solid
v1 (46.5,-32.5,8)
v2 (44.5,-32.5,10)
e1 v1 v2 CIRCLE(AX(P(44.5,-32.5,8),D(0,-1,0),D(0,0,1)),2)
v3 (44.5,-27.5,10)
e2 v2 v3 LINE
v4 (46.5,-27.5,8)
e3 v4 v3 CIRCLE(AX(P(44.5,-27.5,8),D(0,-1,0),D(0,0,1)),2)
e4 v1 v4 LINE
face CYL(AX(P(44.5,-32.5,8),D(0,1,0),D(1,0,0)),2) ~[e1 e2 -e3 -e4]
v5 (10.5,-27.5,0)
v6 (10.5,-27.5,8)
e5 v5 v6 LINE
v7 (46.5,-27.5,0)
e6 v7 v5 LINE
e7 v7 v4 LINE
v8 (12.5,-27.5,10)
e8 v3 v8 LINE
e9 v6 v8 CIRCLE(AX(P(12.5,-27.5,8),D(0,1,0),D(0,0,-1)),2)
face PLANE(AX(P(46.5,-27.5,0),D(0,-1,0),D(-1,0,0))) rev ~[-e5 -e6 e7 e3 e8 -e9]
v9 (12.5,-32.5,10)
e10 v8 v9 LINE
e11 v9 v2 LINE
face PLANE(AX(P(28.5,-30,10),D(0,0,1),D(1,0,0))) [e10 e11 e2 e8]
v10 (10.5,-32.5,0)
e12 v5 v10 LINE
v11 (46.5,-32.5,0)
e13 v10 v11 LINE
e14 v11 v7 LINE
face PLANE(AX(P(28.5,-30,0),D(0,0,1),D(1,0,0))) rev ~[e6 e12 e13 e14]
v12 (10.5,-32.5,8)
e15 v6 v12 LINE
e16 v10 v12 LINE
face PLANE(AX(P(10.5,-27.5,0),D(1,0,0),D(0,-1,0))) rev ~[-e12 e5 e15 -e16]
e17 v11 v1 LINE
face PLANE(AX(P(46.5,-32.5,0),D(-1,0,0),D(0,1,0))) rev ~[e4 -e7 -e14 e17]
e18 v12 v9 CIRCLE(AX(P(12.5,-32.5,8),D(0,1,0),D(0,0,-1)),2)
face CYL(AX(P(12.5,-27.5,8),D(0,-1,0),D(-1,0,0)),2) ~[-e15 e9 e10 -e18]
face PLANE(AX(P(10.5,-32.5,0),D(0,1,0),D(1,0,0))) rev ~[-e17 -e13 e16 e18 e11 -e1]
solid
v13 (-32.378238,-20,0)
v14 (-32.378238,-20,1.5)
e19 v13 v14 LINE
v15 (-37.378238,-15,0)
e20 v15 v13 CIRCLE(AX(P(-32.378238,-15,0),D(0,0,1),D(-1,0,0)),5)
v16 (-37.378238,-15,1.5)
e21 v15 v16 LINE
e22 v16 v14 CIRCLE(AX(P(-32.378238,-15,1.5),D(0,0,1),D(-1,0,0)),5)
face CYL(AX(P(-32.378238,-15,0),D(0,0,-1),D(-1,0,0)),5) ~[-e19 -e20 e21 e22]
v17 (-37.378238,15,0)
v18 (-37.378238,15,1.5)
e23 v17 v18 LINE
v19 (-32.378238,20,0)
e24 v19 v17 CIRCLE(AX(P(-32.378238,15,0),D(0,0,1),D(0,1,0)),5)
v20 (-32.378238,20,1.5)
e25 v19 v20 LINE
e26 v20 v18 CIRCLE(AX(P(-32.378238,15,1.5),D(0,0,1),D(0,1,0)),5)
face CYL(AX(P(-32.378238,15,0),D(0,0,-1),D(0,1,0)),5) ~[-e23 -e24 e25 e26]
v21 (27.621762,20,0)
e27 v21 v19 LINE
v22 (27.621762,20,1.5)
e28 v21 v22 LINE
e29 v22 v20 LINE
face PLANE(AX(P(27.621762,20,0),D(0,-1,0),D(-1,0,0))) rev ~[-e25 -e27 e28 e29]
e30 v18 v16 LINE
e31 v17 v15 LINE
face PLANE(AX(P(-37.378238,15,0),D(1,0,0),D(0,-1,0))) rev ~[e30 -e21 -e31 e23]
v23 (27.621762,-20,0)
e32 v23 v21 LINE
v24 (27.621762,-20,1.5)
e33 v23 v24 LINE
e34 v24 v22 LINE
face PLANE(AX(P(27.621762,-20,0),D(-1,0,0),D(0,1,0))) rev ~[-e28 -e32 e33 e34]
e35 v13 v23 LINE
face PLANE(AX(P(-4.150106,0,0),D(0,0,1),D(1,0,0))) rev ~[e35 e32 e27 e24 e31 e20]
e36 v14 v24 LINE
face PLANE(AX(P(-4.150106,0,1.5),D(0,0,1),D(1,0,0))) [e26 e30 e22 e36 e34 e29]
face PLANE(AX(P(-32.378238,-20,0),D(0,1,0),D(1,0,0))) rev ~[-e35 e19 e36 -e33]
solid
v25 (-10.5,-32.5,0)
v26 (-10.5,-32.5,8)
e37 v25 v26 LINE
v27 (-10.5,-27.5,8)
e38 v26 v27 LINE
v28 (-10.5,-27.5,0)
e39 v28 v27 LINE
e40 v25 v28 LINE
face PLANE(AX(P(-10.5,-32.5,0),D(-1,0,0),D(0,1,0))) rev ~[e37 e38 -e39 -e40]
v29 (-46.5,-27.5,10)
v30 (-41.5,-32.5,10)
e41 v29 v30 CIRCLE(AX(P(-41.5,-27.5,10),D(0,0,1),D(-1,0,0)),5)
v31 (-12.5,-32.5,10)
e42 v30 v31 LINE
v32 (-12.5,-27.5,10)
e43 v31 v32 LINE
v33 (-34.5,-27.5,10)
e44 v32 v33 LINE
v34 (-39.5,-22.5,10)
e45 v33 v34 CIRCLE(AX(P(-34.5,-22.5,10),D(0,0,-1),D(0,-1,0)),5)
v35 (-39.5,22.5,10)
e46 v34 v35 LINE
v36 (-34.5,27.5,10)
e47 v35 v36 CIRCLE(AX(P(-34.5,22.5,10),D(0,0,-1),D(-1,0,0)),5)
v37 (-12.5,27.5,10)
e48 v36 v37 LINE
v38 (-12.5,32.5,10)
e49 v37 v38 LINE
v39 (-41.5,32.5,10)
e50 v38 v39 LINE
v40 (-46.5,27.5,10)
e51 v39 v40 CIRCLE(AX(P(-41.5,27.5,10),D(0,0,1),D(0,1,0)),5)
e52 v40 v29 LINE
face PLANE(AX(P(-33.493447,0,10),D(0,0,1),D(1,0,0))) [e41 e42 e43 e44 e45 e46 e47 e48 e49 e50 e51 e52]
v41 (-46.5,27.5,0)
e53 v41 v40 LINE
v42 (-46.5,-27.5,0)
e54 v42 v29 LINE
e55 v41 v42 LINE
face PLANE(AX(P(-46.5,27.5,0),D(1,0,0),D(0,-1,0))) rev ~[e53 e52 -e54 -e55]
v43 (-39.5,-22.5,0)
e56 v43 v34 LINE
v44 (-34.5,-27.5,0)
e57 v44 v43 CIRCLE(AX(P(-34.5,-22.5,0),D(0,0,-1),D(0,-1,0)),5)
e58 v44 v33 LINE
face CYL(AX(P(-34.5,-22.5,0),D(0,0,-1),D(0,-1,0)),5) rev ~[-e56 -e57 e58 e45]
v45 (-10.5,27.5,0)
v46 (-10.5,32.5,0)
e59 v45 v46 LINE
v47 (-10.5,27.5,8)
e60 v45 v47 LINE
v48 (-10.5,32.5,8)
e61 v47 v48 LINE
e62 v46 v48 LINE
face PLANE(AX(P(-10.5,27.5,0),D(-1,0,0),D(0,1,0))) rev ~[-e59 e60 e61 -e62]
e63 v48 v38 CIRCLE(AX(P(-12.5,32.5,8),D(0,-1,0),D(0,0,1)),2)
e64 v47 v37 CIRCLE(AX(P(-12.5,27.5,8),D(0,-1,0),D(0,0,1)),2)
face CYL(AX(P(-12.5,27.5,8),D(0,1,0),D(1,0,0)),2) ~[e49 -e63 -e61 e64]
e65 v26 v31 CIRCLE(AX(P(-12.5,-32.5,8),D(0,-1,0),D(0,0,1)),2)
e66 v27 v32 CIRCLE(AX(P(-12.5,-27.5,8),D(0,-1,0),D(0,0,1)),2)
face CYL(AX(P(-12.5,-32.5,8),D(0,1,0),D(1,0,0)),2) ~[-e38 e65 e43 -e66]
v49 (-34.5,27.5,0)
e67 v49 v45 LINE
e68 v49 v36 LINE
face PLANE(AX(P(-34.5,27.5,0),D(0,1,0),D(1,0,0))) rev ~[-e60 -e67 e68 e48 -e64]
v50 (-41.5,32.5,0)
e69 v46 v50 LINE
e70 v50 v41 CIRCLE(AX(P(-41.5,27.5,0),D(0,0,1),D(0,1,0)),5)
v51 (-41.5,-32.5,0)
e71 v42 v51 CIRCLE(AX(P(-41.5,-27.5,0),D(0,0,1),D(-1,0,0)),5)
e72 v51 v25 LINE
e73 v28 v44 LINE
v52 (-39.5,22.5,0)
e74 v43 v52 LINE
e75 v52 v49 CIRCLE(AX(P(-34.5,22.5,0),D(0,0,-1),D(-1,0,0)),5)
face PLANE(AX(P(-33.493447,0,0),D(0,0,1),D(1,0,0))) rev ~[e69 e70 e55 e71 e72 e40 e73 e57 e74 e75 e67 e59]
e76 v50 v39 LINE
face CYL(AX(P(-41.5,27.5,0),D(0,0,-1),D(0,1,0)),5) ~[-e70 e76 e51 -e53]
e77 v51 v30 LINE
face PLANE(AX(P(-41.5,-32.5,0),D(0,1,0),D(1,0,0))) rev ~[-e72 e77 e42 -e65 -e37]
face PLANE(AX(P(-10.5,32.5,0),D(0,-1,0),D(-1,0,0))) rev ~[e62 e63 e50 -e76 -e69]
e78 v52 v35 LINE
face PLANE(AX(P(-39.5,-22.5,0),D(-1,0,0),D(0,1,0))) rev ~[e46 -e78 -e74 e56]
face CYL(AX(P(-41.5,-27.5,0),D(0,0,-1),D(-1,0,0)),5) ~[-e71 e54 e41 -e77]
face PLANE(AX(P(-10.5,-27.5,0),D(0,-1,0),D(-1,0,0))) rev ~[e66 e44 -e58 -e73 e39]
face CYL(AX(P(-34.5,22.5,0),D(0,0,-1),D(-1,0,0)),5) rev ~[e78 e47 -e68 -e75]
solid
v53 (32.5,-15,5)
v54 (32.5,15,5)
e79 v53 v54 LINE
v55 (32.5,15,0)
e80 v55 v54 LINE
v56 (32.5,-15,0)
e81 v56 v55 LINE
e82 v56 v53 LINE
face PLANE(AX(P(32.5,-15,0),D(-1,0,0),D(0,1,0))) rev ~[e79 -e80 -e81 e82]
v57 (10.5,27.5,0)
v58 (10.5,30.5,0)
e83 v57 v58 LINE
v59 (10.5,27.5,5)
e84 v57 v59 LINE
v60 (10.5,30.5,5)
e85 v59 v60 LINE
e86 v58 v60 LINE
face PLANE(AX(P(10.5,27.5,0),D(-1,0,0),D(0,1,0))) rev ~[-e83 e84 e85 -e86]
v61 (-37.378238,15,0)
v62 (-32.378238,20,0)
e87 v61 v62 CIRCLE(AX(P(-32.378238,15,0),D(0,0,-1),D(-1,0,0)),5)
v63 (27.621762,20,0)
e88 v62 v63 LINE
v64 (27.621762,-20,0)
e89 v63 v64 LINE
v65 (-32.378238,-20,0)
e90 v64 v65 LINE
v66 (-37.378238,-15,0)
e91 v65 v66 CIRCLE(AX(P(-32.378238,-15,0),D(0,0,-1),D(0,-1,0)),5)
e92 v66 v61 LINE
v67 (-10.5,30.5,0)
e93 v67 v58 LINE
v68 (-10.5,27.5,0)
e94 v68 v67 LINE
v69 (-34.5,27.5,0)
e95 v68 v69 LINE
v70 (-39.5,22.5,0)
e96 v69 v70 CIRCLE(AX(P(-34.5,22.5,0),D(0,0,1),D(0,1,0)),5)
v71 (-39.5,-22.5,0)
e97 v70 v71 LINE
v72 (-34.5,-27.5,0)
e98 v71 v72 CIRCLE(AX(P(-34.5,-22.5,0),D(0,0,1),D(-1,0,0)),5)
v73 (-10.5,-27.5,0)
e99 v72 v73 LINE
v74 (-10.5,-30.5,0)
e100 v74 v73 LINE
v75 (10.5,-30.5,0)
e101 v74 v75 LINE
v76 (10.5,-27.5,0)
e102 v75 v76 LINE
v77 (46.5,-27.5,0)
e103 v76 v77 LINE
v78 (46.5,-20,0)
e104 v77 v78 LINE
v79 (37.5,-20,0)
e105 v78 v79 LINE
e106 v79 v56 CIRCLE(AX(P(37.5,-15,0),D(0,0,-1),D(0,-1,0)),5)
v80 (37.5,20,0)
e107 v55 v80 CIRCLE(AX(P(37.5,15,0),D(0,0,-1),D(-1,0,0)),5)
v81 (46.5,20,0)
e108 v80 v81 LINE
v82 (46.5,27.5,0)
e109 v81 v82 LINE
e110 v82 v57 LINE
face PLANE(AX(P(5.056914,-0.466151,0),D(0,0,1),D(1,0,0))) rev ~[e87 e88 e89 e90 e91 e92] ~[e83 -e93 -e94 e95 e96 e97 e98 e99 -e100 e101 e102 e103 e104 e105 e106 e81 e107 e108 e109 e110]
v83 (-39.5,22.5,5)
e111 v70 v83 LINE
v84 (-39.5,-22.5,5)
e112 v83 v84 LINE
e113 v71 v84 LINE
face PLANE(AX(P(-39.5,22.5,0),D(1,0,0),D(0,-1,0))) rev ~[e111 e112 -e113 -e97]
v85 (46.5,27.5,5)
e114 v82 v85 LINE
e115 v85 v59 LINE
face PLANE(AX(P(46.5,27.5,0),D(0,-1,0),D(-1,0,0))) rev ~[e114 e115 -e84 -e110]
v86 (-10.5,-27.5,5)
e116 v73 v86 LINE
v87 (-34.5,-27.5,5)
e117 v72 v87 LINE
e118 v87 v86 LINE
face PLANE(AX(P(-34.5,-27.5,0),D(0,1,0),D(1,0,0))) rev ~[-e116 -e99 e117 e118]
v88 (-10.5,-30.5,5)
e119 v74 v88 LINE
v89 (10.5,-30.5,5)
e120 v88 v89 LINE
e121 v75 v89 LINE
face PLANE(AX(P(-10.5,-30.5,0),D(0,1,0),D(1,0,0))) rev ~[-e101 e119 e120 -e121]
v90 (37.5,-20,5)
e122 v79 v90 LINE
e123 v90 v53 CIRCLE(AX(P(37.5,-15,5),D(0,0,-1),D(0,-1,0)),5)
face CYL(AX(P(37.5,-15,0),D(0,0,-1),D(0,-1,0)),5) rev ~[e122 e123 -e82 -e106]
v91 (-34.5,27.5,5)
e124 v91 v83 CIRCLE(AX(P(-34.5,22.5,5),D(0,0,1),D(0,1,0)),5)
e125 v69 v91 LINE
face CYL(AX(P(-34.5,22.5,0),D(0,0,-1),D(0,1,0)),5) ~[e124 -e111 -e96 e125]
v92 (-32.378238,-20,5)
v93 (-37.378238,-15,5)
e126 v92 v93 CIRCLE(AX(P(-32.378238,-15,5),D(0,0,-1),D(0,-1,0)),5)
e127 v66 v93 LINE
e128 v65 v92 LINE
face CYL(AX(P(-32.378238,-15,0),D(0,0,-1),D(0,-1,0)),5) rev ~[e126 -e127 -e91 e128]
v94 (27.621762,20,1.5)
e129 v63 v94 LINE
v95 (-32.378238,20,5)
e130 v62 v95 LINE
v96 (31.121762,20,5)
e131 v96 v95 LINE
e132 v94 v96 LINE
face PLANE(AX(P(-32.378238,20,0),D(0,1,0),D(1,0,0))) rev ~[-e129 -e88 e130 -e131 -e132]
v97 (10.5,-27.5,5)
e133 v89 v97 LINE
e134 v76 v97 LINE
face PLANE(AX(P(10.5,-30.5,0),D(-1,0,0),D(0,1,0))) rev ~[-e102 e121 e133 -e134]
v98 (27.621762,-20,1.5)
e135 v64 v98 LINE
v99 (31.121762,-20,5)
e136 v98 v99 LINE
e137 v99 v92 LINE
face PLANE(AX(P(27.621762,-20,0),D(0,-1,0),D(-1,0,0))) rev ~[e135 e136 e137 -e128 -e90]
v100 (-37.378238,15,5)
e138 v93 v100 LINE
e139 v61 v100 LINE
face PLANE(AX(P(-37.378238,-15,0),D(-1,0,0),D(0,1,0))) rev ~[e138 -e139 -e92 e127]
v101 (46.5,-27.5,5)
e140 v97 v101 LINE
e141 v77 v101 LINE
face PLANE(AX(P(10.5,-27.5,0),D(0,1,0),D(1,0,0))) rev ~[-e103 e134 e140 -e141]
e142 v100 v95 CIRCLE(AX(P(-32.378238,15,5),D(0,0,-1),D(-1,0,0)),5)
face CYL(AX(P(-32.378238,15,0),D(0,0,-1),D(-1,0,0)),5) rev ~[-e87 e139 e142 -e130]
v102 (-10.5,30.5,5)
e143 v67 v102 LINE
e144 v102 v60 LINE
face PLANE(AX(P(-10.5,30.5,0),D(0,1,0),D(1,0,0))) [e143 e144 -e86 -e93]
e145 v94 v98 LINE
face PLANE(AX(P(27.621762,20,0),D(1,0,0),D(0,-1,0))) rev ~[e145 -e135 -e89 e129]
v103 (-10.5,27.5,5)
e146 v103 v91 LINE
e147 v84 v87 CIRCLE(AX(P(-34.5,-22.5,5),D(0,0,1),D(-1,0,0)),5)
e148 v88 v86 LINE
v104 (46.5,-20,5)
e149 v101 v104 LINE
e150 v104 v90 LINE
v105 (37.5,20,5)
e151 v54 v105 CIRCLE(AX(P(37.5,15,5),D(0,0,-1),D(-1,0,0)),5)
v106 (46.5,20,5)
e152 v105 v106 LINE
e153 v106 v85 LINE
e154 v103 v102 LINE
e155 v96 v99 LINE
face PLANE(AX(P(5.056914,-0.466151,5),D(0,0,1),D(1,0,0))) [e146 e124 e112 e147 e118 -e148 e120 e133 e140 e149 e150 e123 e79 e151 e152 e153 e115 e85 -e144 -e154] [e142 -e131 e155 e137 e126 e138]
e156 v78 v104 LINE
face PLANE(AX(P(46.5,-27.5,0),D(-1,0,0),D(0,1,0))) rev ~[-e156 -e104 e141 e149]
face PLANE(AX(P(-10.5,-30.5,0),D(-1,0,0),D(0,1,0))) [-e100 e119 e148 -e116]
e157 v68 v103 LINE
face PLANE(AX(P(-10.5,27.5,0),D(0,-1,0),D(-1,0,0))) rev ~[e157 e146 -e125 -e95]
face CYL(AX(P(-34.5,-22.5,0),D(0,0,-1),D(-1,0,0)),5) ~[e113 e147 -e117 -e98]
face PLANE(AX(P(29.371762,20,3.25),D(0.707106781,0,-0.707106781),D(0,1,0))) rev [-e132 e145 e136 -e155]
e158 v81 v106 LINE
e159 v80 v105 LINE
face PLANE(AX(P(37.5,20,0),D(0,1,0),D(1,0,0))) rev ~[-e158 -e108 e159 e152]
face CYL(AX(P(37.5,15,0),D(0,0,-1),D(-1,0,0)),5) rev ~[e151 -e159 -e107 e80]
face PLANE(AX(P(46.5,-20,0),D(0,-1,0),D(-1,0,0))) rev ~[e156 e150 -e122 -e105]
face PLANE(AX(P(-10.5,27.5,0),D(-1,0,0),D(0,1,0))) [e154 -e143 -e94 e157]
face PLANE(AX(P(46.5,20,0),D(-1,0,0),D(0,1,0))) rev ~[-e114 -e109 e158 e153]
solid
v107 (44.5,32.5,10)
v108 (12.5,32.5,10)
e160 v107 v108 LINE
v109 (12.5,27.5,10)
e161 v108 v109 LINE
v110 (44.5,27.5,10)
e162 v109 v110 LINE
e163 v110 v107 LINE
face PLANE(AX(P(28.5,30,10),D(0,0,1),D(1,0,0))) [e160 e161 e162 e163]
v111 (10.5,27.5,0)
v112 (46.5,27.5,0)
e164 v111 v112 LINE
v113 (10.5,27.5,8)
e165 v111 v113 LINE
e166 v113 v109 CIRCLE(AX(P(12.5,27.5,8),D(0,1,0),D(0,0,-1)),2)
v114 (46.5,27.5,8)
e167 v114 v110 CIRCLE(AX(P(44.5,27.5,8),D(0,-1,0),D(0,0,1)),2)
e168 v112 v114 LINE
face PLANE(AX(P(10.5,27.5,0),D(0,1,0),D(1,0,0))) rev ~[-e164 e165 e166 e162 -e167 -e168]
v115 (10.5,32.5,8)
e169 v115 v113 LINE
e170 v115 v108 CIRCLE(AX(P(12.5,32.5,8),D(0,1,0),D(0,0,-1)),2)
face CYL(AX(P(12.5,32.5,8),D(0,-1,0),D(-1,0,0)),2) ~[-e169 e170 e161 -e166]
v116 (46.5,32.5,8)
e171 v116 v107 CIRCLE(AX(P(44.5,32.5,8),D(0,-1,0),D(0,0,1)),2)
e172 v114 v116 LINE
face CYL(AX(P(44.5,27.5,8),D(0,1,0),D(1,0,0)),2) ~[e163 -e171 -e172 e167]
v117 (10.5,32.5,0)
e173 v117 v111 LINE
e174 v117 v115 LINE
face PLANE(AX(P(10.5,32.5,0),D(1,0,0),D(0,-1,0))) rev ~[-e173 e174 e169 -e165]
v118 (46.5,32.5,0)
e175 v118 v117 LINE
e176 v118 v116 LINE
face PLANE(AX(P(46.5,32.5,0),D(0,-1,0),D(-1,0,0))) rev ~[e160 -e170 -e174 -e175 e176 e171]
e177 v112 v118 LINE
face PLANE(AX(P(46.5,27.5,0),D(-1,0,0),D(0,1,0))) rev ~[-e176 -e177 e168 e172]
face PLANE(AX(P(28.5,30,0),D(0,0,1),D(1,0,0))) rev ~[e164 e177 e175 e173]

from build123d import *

# Parameters (mm, degrees)
F0_W     = 21
F0_H     = 5
F0_H_2   = 3
F1_DEPTH = 5
F2_DEPTH = 1.5
F3_DEPTH = 10
F4_R     = 2
F4_2_R   = 2
F4_3_R   = 2
F5_SIZE  = 3.5


with BuildPart() as f1:
    # F0 (on Top) → F1 (new body)
    with BuildSketch(Plane.XY):
        with BuildLine():
            Line((10.5, -27.5), (46.5, -27.5))
            Line((46.5, -27.5), (46.5, -20))
            Line((46.5, -20), (37.5, -20))
            ThreePointArc((37.5, -20), (33.9644660941, -18.5355339059), (32.5, -15))
            Line((32.5, -15), (32.5, 15))
            ThreePointArc((32.5, 15), (33.9644660941, 18.5355339059), (37.5, 20))
            Line((37.5, 20), (46.5, 20))
            Line((46.5, 20), (46.5, 27.5))
            Line((46.5, 27.5), (10.5, 27.5))
            Line((10.5, 27.5), (-10.5, 27.5))
            Line((-10.5, 27.5), (-34.5, 27.5))
            ThreePointArc((-34.5, 27.5), (-38.0355339059, 26.0355339059), (-39.5, 22.5))
            Line((-39.5, 22.5), (-39.5, -22.5))
            ThreePointArc((-39.5, -22.5), (-38.0355339059, -26.0355339059), (-34.5, -27.5))
            Line((-34.5, -27.5), (-10.5, -27.5))
            Line((-10.5, -27.5), (-10.5, -22.5))
            Line((-10.5, -22.5), (10.5, -22.5))
            Line((10.5, -22.5), (10.5, -27.5))
        make_face()
        with BuildLine():
            Line((-32.3782377529, 20), (27.6217622471, 20))
            Line((27.6217622471, 20), (27.6217622471, -20))
            Line((27.6217622471, -20), (-32.3782377529, -20))
            ThreePointArc((-32.3782377529, -20), (-35.9137716589, -18.5355339059), (-37.3782377529, -15))
            Line((-37.3782377529, -15), (-37.3782377529, 15))
            ThreePointArc((-37.3782377529, 15), (-35.9137716589, 18.5355339059), (-32.3782377529, 20))
        make_face(mode=Mode.SUBTRACT)
        with Locations((0, -25)):
            Rectangle(F0_W, F0_H)
        with Locations((0, 29)):
            Rectangle(F0_W, F0_H_2)
        with Locations((0, -29)):
            Rectangle(F0_W, F0_H_2)
    extrude(amount=F1_DEPTH)

    # F5
    f5_edges = [f1.edges().sort_by_distance(p)[0] for p in [
        (27.621762, 0, 5),
    ]]
    chamfer(f5_edges, length=F5_SIZE)


with BuildPart() as f2:
    # F0 (on Top) → F2 (new body)
    with BuildSketch(Plane.XY):
        with BuildLine():
            Line((27.6217622471, -20), (27.6217622471, 20))
            Line((27.6217622471, 20), (-32.3782377529, 20))
            ThreePointArc((-32.3782377529, 20), (-35.9137716589, 18.5355339059), (-37.3782377529, 15))
            Line((-37.3782377529, 15), (-37.3782377529, -15))
            ThreePointArc((-37.3782377529, -15), (-35.9137716589, -18.5355339059), (-32.3782377529, -20))
            Line((-32.3782377529, -20), (27.6217622471, -20))
        make_face()
    extrude(amount=F2_DEPTH)


with BuildPart() as f3:
    # F0 (on Top) → F3 (new body)
    with BuildSketch(Plane.XY):
        Polygon((10.5, -32.5), (46.5, -32.5), (46.5, -27.5), (10.5, -27.5), (10.5, -30.5), align=None)
    extrude(amount=F3_DEPTH)

    # F4#2
    f4_2_edges = [f3.edges().sort_by_distance(p)[0] for p in [
        (46.5, -30, 10),
        (10.5, -30, 10),
    ]]
    fillet(f4_2_edges, radius=F4_2_R)


with BuildPart() as f3b:
    # F0 (on Top) → F3, piece 2 (new body)
    with BuildSketch(Plane.XY):
        with BuildLine():
            Line((-41.5, -32.5), (-10.5, -32.5))
            Line((-10.5, -32.5), (-10.5, -30.5))
            Line((-10.5, -30.5), (-10.5, -27.5))
            Line((-10.5, -27.5), (-34.5, -27.5))
            ThreePointArc((-34.5, -27.5), (-38.0355339059, -26.0355339059), (-39.5, -22.5))
            Line((-39.5, -22.5), (-39.5, 22.5))
            ThreePointArc((-39.5, 22.5), (-38.0355339059, 26.0355339059), (-34.5, 27.5))
            Line((-34.5, 27.5), (-10.5, 27.5))
            Line((-10.5, 27.5), (-10.5, 30.5))
            Line((-10.5, 30.5), (-10.5, 32.5))
            Line((-10.5, 32.5), (-41.5, 32.5))
            ThreePointArc((-41.5, 32.5), (-45.0355339059, 31.0355339059), (-46.5, 27.5))
            Line((-46.5, 27.5), (-46.5, -27.5))
            ThreePointArc((-46.5, -27.5), (-45.0355339059, -31.0355339059), (-41.5, -32.5))
        make_face()
    extrude(amount=F3_DEPTH)

    # F4#3
    f4_3_edges = [f3b.edges().sort_by_distance(p)[0] for p in [
        (-10.5, -30, 10),
        (-10.5, 30, 10),
    ]]
    fillet(f4_3_edges, radius=F4_3_R)


with BuildPart() as f3c:
    # F0 (on Top) → F3, piece 3 (new body)
    with BuildSketch(Plane.XY):
        Polygon((10.5, 27.5), (46.5, 27.5), (46.5, 32.5), (10.5, 32.5), (10.5, 30.5), align=None)
    extrude(amount=F3_DEPTH)

    # F4
    f4_edges = [f3c.edges().sort_by_distance(p)[0] for p in [
        (46.5, 30, 10),
        (10.5, 30, 10),
    ]]
    fillet(f4_edges, radius=F4_R)


solid = Compound([f1.part, f2.part, f3.part, f3b.part, f3c.part])
